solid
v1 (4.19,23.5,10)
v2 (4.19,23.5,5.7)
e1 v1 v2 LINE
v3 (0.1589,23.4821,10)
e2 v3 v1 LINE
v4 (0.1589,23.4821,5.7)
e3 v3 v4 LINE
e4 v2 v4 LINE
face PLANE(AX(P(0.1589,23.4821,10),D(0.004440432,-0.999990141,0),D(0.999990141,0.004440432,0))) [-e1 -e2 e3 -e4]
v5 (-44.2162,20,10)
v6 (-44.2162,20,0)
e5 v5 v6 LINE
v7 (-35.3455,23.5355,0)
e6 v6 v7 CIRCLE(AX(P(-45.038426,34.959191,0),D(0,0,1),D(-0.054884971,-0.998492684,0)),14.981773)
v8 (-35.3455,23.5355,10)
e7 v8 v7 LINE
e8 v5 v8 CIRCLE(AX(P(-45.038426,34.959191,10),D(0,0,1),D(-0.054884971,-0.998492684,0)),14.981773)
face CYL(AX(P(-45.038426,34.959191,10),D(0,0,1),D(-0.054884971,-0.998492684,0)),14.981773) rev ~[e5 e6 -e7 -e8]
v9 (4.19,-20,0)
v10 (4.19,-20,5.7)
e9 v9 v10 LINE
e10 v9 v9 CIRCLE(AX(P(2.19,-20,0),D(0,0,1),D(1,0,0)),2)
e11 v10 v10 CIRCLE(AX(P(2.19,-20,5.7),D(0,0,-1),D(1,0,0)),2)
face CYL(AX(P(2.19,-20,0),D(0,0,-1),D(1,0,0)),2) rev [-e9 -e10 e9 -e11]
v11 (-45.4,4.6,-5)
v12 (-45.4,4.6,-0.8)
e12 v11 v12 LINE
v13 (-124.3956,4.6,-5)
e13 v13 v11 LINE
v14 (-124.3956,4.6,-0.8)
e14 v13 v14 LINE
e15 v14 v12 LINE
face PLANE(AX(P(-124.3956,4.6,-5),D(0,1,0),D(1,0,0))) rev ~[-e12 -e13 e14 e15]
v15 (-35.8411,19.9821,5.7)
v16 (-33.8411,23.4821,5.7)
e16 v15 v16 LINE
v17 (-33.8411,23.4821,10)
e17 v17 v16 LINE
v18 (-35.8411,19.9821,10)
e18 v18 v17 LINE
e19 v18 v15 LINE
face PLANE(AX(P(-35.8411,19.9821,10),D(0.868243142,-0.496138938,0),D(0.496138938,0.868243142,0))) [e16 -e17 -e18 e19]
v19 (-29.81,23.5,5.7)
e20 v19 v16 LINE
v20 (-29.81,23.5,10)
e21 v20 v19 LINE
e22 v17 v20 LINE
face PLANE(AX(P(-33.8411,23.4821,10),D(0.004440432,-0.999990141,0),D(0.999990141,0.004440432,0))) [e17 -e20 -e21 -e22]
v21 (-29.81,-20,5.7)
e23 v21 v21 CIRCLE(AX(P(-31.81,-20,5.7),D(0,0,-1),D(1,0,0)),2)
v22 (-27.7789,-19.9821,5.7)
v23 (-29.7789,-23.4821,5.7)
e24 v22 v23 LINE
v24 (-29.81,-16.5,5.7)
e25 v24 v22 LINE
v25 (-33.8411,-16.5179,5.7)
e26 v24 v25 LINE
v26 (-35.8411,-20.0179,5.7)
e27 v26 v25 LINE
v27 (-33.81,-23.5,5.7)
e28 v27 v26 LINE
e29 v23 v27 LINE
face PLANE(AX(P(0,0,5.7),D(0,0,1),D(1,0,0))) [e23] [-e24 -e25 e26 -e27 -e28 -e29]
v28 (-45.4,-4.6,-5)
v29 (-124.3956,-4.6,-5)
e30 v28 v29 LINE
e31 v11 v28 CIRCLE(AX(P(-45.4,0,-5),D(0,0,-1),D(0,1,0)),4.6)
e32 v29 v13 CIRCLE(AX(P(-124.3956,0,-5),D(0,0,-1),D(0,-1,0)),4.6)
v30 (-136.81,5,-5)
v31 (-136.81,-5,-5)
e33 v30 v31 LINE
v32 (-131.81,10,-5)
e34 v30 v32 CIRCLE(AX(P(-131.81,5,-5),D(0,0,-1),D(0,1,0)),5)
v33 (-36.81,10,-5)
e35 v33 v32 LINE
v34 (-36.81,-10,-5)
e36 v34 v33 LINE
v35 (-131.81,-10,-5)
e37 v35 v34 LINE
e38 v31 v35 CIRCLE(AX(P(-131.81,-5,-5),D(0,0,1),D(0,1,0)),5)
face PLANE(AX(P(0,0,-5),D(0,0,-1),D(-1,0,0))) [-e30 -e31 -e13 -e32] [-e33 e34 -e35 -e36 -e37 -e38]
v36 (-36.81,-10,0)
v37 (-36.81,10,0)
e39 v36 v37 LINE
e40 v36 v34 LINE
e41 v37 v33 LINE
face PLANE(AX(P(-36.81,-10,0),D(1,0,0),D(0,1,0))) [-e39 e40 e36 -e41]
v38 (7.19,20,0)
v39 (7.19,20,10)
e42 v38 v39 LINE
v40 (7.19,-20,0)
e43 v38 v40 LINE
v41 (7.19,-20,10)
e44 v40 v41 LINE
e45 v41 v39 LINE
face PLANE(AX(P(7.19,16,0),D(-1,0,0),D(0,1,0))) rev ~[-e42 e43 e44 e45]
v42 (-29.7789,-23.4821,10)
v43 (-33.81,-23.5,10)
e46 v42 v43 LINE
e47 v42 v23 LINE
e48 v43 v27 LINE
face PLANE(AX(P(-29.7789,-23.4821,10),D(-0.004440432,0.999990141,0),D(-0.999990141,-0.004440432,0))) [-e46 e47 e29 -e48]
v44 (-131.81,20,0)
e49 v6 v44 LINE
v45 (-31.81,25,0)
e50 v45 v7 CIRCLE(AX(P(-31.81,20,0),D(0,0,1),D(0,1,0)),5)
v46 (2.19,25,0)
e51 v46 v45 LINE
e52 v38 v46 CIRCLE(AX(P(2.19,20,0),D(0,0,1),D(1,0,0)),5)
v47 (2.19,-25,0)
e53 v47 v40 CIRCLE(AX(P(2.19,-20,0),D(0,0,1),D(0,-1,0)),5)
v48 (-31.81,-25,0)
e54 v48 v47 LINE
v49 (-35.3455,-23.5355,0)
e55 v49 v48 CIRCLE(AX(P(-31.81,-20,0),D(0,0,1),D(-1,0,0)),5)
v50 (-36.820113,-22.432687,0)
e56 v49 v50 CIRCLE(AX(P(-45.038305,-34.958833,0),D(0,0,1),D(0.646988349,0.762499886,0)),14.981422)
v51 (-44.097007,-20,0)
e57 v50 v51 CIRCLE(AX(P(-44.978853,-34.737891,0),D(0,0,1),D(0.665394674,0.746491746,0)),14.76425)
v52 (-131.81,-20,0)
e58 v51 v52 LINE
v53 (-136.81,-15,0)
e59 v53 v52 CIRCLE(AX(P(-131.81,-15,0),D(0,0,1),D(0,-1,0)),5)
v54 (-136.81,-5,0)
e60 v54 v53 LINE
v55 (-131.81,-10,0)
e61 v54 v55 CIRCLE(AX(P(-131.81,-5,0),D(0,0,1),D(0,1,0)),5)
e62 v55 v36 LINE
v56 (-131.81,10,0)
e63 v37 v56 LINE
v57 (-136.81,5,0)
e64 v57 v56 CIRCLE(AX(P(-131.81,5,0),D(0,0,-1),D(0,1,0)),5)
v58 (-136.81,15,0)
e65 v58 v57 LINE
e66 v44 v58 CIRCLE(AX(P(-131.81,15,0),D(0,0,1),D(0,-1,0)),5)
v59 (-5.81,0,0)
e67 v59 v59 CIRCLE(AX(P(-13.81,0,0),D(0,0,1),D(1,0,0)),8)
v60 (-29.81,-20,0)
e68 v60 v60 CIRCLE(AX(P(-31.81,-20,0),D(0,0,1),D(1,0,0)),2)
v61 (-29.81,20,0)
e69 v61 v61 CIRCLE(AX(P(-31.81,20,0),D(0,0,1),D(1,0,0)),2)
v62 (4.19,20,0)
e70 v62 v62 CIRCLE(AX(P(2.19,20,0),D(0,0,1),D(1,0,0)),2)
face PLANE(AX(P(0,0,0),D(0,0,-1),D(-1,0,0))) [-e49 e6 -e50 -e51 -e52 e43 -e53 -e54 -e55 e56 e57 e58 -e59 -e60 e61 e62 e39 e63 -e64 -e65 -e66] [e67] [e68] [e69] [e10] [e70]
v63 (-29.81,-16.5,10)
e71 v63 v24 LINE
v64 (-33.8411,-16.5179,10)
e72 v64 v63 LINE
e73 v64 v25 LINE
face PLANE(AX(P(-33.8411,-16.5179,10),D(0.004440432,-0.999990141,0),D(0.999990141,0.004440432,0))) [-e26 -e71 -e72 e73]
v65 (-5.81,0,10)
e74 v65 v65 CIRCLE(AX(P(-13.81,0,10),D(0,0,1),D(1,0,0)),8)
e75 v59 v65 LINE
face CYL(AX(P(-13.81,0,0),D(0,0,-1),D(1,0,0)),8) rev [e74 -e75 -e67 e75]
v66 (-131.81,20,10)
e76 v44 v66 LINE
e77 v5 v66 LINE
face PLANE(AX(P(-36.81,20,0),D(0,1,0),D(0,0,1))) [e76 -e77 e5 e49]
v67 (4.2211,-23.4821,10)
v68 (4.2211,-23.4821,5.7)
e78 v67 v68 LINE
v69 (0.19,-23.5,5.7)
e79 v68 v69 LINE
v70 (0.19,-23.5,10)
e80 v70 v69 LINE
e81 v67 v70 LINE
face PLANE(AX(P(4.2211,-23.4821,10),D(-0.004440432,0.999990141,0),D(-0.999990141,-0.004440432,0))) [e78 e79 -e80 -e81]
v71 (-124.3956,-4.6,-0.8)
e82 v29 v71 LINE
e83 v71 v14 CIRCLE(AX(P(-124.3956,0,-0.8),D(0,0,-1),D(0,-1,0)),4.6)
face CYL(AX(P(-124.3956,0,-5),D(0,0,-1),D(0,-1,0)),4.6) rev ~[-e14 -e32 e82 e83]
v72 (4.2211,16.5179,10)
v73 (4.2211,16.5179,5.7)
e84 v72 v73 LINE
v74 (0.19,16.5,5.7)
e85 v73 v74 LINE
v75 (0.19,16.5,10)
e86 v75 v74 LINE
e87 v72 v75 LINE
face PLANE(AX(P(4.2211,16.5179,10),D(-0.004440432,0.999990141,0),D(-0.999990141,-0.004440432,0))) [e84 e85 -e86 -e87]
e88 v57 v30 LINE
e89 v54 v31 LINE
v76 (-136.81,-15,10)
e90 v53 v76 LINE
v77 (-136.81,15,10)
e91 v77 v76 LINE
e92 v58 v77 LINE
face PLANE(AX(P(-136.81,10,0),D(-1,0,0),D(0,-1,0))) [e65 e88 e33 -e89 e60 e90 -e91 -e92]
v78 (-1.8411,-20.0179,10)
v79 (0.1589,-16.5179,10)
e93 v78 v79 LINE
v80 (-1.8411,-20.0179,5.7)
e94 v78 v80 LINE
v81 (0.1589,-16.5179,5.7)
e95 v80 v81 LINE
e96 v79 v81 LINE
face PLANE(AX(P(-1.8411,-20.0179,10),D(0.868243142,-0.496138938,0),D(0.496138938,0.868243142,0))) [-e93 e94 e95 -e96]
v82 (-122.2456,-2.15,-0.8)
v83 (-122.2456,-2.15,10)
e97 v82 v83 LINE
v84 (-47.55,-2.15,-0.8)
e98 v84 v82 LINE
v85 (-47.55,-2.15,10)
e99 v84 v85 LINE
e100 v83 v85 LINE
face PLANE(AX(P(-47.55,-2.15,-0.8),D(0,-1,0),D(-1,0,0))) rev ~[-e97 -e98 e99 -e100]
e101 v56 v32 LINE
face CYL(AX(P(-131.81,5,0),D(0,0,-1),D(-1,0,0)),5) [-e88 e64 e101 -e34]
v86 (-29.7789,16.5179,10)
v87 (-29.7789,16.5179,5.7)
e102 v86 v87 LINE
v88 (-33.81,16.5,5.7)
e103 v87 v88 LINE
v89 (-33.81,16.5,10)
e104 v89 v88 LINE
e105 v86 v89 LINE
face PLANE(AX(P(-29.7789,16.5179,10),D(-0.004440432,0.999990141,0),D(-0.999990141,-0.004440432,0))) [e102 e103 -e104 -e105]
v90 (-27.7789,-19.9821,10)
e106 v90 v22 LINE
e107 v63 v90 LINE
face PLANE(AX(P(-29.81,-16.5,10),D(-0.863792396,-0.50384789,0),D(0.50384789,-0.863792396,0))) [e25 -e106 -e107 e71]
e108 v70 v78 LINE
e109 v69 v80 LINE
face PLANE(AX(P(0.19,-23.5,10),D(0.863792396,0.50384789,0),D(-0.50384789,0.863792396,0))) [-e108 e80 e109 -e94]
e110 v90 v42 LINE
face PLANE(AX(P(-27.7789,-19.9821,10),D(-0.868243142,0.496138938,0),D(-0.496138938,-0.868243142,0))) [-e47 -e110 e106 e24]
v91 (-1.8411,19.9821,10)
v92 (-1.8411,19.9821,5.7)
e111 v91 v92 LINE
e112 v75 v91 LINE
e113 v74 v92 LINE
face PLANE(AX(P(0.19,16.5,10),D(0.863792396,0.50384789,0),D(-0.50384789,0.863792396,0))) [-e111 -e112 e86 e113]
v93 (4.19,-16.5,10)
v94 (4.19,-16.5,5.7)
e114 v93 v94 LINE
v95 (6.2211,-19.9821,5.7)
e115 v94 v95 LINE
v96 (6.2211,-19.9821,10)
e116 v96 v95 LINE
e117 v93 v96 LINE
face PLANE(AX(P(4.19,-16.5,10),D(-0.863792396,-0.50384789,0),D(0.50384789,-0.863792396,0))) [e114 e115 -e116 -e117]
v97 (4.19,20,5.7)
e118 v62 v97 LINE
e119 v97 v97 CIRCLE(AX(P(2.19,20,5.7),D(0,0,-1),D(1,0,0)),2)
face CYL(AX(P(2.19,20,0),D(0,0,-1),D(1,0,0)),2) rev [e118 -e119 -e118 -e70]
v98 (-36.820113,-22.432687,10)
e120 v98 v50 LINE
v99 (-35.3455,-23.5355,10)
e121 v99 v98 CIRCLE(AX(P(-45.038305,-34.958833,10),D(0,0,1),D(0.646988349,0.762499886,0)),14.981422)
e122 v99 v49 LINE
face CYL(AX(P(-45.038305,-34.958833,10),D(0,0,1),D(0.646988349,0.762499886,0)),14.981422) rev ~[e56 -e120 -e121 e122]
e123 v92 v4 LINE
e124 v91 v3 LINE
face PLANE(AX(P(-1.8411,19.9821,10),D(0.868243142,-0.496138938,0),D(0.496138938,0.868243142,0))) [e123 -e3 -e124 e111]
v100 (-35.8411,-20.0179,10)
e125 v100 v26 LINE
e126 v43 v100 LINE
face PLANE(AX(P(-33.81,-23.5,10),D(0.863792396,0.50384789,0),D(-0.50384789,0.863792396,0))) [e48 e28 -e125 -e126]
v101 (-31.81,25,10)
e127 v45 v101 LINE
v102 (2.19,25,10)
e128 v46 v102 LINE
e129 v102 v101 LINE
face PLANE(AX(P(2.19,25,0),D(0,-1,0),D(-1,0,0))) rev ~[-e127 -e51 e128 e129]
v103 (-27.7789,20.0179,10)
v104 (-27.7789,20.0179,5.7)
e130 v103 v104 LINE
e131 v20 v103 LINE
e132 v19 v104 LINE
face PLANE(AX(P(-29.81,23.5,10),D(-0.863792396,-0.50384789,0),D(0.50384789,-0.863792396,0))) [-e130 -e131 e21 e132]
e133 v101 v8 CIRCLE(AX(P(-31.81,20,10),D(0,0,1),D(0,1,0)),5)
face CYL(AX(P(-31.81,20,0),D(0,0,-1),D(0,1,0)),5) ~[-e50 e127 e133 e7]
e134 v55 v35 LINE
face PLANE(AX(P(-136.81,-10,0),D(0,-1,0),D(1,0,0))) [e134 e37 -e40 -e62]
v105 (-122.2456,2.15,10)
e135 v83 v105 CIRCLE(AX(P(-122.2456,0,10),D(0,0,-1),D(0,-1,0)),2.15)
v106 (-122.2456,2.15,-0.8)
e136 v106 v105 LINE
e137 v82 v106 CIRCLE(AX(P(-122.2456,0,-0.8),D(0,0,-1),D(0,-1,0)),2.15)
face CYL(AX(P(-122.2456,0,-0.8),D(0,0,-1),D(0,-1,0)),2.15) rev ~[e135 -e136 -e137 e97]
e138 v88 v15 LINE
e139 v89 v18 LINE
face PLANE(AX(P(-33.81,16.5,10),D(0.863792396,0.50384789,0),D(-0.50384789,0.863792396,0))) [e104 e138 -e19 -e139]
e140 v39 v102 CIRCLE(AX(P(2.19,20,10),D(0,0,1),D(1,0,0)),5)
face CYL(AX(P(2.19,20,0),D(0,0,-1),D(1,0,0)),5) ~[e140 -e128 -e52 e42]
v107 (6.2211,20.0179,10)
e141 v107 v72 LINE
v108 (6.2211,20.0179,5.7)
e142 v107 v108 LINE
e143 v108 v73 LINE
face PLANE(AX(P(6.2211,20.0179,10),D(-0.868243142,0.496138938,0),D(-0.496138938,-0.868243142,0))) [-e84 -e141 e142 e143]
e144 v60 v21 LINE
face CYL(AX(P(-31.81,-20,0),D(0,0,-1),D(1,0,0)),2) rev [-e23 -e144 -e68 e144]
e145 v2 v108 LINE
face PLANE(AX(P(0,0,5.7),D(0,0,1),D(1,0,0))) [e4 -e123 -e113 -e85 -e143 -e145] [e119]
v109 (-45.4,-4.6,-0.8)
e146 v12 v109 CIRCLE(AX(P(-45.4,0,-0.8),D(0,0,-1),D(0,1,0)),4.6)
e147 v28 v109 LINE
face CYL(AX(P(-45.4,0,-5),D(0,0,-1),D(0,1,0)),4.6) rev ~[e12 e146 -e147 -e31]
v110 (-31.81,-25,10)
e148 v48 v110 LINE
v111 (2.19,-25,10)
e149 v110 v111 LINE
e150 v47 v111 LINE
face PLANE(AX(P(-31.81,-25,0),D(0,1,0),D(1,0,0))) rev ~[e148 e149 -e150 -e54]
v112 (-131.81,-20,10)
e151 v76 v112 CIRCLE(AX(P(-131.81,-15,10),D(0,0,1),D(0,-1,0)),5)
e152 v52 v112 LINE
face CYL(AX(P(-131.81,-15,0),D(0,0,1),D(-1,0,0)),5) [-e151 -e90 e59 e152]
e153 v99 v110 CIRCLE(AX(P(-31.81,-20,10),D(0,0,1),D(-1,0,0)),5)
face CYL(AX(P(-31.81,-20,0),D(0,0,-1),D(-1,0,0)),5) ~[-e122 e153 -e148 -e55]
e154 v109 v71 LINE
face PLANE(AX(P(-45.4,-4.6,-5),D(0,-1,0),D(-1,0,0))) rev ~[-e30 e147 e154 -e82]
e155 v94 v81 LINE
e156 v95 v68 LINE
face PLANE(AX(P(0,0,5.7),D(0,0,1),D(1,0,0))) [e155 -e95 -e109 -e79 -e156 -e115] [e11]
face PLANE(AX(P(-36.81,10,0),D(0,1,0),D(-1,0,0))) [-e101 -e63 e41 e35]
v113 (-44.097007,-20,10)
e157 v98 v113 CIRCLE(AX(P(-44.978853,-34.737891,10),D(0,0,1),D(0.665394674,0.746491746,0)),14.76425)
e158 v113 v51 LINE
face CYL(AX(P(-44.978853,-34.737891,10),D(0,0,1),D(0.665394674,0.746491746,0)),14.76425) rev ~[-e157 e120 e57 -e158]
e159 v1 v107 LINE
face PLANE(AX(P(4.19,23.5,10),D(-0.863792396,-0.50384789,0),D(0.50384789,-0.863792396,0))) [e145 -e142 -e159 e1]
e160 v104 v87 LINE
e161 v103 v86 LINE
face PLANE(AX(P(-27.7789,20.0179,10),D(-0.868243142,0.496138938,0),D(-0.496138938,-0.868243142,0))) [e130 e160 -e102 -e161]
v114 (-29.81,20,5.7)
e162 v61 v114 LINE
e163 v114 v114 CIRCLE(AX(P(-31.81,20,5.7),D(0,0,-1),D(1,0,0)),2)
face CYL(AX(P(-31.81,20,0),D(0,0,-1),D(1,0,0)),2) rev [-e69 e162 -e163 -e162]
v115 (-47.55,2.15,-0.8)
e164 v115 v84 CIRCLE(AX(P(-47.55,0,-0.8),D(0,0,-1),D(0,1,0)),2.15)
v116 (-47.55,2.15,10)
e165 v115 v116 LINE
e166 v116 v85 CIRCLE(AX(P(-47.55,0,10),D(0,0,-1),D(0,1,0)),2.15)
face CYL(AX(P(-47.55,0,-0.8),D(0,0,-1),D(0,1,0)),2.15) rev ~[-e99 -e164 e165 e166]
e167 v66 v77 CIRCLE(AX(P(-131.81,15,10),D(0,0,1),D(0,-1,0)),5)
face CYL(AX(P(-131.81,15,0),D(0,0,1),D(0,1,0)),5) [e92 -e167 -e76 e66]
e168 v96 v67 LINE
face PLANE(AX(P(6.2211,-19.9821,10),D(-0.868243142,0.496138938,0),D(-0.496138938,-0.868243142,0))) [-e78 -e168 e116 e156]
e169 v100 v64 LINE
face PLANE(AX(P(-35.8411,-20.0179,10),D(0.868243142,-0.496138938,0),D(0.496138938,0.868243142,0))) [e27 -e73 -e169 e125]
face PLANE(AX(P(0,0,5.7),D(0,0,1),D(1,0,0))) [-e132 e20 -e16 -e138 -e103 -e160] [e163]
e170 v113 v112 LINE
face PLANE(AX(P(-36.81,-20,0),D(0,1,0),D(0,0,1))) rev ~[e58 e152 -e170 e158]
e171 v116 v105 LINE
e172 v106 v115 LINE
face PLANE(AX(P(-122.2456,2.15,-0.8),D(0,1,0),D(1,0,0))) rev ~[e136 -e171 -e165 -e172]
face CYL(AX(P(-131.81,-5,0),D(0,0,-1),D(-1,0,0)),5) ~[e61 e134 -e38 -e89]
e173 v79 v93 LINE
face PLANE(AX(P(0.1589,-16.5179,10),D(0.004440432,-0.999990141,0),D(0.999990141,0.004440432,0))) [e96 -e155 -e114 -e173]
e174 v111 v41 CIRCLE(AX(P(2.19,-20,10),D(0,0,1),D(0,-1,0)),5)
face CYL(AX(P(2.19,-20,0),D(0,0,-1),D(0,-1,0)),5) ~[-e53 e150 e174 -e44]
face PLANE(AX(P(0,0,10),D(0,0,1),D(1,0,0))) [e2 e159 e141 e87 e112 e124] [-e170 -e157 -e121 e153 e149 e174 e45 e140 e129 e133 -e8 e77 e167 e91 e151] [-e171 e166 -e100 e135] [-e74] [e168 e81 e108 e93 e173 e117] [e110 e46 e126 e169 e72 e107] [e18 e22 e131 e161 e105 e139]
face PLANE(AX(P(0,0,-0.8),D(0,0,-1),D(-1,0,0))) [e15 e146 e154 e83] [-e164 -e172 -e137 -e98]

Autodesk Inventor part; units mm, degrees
ref_plane "YZ Plane" through (0, 0, 0) normal (1, 0, 0) x (0, 1, 0)
ref_plane "XZ Plane" through (0, 0, 0) normal (0, 1, 0) x (-1, 0, 0)
ref_plane "XY Plane" through (0, 0, 0) normal (0, 0, 1) x (1, 0, 0)
sketch "Skizze1" plane through (0, 0, 0) normal (0, 0, 1) x (1, 0, 0)
  circle A0 centre (2.19, 20) radius 2 projected
  circle A1 centre (-31.81, 20) radius 2 projected
  arc A2 (-31.81, 25) -> (-36.81, 20) centre (-31.81, 20) ccw projected
  line L0 (-36.81, 20) -> (-36.81, 16) projected
  line L1 (7.19, 16) -> (7.19, 20) projected
  arc A3 (7.19, 20) -> (2.19, 25) centre (2.19, 20) ccw projected
  line L2 (2.19, 25) -> (-31.81, 25) projected
  circle A4 centre (2.19, -20) radius 2 projected
  circle A5 centre (-31.81, -20) radius 2 projected
  arc A6 (-36.81, -20) -> (-31.81, -25) centre (-31.81, -20) ccw projected
  line L3 (-31.81, -25) -> (2.19, -25) projected
  arc A7 (2.19, -25) -> (7.19, -20) centre (2.19, -20) ccw projected
  line L4 (7.19, -20) -> (7.19, -16) projected
  line L5 (-36.81, -16) -> (-36.81, -20) projected
  line L6 (-29.81, -10) -> (-36.81, -10) projected
  line L7 (-36.81, -16) -> (-36.81, -10) projected
  line L8 (7.19, 16) -> (7.19, -16) projected
  line L9 (-36.81, 10) -> (-36.81, 16) projected
  line L10 (-36.81, 10) -> (-29.81, 10) projected
  line L11 (-29.81, 10) -> (-29.81, -10) projected
  circle A8 centre (-13.81, 0) radius 8 projected
  point P0 (0, 0)
extrude "Extrusion1" add sketch "Skizze1" along normal blind 10
sketch "Skizze3" plane through (-36.81, 10, 0) normal (-1, 0, 0) x (0, 0, 1)
  line L0 (0, 10) -> (0, 0) projected
  line L1 (0, 0) -> (10, 0) projected
  line L2 (10, 10) -> (10, 0) projected
  line L3 (0, 10) -> (10, 10) projected
  line L4 (0, -20) -> (0, -30) projected
  line L5 (0, -30) -> (10, -30) projected
  line L6 (10, -20) -> (10, -30) projected
  line L7 (0, -20) -> (10, -20) projected
  line L8 (10, -0.1675) -> (10, -20.1669) projected
  line L9 (0, 0) -> (0, -20) projected
  line L10 (10, -35) -> (10, -30) projected
  line L11 (0, 10) -> (10, 10)
  line L12 (10, 10) -> (10, -30)
  line L13 (10, -30) -> (0, -30)
  line L14 (0, -30) -> (0, 10)
  point P0 (0, -10)
extrude "Extrusion3" add sketch "Skizze3" along normal blind 100
sketch "Skizze4" plane through (0, 0, 10) normal (0, 0, 1) x (1, 0, 0)
  line L0 (-36.81, 20) -> (-136.81, 20) projected
  arc A0 (-31.81, 25) -> (-36.81, 20) centre (-31.81, 20) ccw projected
  line L1 (-36.81, 20) -> (-136.81, 20) projected
  arc A1 (-31.81, 25) -> (-36.81, 20) centre (-31.81, 20) ccw projected
  arc A2 (-45.8607, 20) -> (-35.3455, 23.5355) centre (-45.0384, 34.959) ccw
  line L2 (-44.2162, 20) -> (-36.81, 20)
  arc A3 (-35.3455, 23.5355) -> (-36.81, 20) centre (-31.81, 20) ccw
  line L3 (-45.8607, 0) -> (-28.5304, 0)
  line L4 (-36.81, -20) -> (-136.81, -20)
  arc A4 (-36.81, -20) -> (-31.81, -25) centre (-31.81, -20) ccw
  arc A5 (-35.3455, -23.5355) -> (-45.8607, -20) centre (-45.0384, -34.959) ccw
  line L5 (-36.81, -20) -> (-136.81, -20) projected
  line L6 (-44.2159, -20) -> (-36.81, -20)
  arc A6 (-36.81, -20) -> (-31.81, -25) centre (-31.81, -20) ccw projected
  arc A7 (-36.81, -20) -> (-31.81, -25) centre (-31.81, -20) ccw
  arc A8 (-35.1548, -23.7165) -> (-45.8607, -20) centre (-44.9788, -34.7378) ccw
  point P0 (0, 0)
extrude "Extrusion4" add sketch "Skizze4" against normal blind 10 contours L0 A2 A0 | L4 A4 A5 A8
fillet "Rundung1" radius 5 2 edges at (-136.81, 20, 5) (-136.81, -20, 5)
sketch "Skizze10" plane through (0, 0, 0) normal (0, 0, -1) x (-1, 0, 0)
  line L0 (36.8821, 9.8325) -> (29.8823, 9.8834) construction
  line L1 (29.7369, -10.116) -> (36.7367, -10.1669) construction
  line L2 (36.81, 10) -> (29.81, 10) projected
  line L3 (29.81, -10) -> (36.81, -10) projected
  line L4 (136.81, 15) -> (136.81, -15) projected
  line L5 (36.81, 10) -> (136.81, 10)
  line L6 (136.81, 10) -> (136.81, -10)
  line L7 (136.81, -10) -> (36.81, -10)
  line L8 (36.81, -10) -> (36.81, 10)
  point P0 (0, 0)
extrude "Extrusion10" add sketch "Skizze10" along normal blind 5
fillet "Rundung3" radius 5 2 edges at (-136.81, 10, -2.5) (-136.81, -10, -2.5)
sketch "Skizze11" plane through (0, 0, -5) normal (0, 0, -1) x (-1, 0, 0)
  line L0 (131.81, 10) -> (36.81, 10) construction
  line L1 (36.81, -10) -> (131.81, -10) construction
  line L2 (40.8, 0) -> (128.9956, 0) construction
  line L3 (45.4, -4.6) -> (124.3956, -4.6)
  line L4 (124.3956, 4.6) -> (45.4, 4.6)
  arc A0 (45.4, 4.6) -> (45.4, -4.6) centre (45.4, 0) ccw
  arc A1 (124.3956, -4.6) -> (124.3956, 4.6) centre (124.3956, 0) ccw
  point P0 (0, 0)
  point P1 (84.8978, 0)
  dimension "d40" = 9.2
extrude "Extrusion11" cut sketch "Skizze11" against normal blind 4.2
sketch "Skizze12" plane through (0, 0, -0.8) normal (0, 0, -1) x (-1, 0, 0)
  line L0 (124.3956, -4.6) -> (45.4, -4.6) projected
  arc A0 (124.3956, -4.6) -> (124.3956, 4.6) centre (124.3956, 0) ccw projected
  line L1 (45.4, 4.6) -> (124.3956, 4.6) projected
  arc A1 (45.4, 4.6) -> (45.4, -4.6) centre (45.4, 0) ccw projected
  line L2 (45.4, 0) -> (124.3956, 0) construction
  line L3 (47.55, -2.15) -> (122.2456, -2.15)
  line L4 (122.2456, 2.15) -> (47.55, 2.15)
  arc A2 (47.55, 2.15) -> (47.55, -2.15) centre (47.55, 0) ccw
  arc A3 (122.2456, -2.15) -> (122.2456, 2.15) centre (122.2456, 0) ccw
  point P0 (0, 0)
  point P1 (84.8978, 0)
  dimension "d43" = 4.3
extrude "Extrusion12" cut sketch "Skizze12" against normal through all contours A2 L4 A3 L3
sketch "Skizze13" plane through (0, 0, 10) normal (0, 0, 1) x (1, 0, 0)
  circle A0 centre (-31.81, 20) radius 2 construction
  circle A1 centre (2.19, 20) radius 2 construction
  circle A2 centre (2.19, -20) radius 2 construction
  circle A3 centre (-31.81, -20) radius 2 construction
  line L0 (-31.81, 20) -> (2.19, 20) construction
  line L1 (2.19, 20) -> (2.19, -20) construction
  line L2 (-31.81, 20) -> (-31.81, 23.5) construction
  line L3 (-31.81, 23.5) -> (-29.9614, 23.5)
  line L4 (-29.9614, 23.5) -> (-33.1306, 23.5)
  line L5 (-29.81, 23.5) -> (-27.7789, 20.0179)
  line L6 (-27.7789, 20.0179) -> (-29.7789, 16.5179)
  line L7 (-29.7789, 16.5179) -> (-33.81, 16.5)
  line L8 (-33.81, 16.5) -> (-35.8411, 19.9821)
  line L9 (-35.8411, 19.9821) -> (-33.8411, 23.4821)
  line L10 (-33.8411, 23.4821) -> (-29.81, 23.5)
  line L11 (2.19, 20) -> (2.19, 23.5) construction
  line L12 (2.19, 23.5) -> (4.0386, 23.5)
  line L13 (4.0386, 23.5) -> (0.8694, 23.5)
  line L14 (4.19, 23.5) -> (6.2211, 20.0179)
  line L15 (6.2211, 20.0179) -> (4.2211, 16.5179)
  line L16 (4.2211, 16.5179) -> (0.19, 16.5)
  line L17 (0.19, 16.5) -> (-1.8411, 19.9821)
  line L18 (-1.8411, 19.9821) -> (0.1589, 23.4821)
  line L19 (0.1589, 23.4821) -> (4.19, 23.5)
  line L20 (-31.81, -20) -> (-31.81, -16.5) construction
  line L21 (-31.81, -16.5) -> (-29.9614, -16.5)
  line L22 (-29.9614, -16.5) -> (-33.1306, -16.5)
  line L23 (-29.81, -16.5) -> (-27.7789, -19.9821)
  line L24 (-27.7789, -19.9821) -> (-29.7789, -23.4821)
  line L25 (-29.7789, -23.4821) -> (-33.81, -23.5)
  line L26 (-33.81, -23.5) -> (-35.8411, -20.0179)
  line L27 (-35.8411, -20.0179) -> (-33.8411, -16.5179)
  line L28 (-33.8411, -16.5179) -> (-29.81, -16.5)
  line L29 (2.19, -20) -> (2.19, -16.5) construction
  line L30 (2.19, -16.5) -> (4.0386, -16.5)
  line L31 (4.0386, -16.5) -> (0.8694, -16.5)
  line L32 (4.19, -16.5) -> (6.2211, -19.9821)
  line L33 (6.2211, -19.9821) -> (4.2211, -23.4821)
  line L34 (4.2211, -23.4821) -> (0.19, -23.5)
  line L35 (0.19, -23.5) -> (-1.8411, -20.0179)
  line L36 (-1.8411, -20.0179) -> (0.1589, -16.5179)
  line L37 (0.1589, -16.5179) -> (4.19, -16.5)
  point P0 (0, 0)
  dimension "d61" = 3.5
  dimension "d64" = 34
  dimension "d67" = 40
extrude "Extrusion14" cut sketch "Skizze13" against normal blind 4.3
sketch "Skizze14" plane through (0, 0, 0) normal (0, 0, -1) x (-1, 0, 0)
  line L0 (29.81, 10) -> (29.81, -10) projected
  line L1 (36.81, 10) -> (29.81, 10) projected
  line L2 (36.81, -16.5129) -> (36.81, 16.5129) projected
  line L3 (29.81, -10) -> (36.81, -10) projected
  point P0 (0, 0)
extrude "Extrusion15" add sketch "Skizze14" against normal up to surface (10 mm away)
properties part number "Bearing_support_inside"
